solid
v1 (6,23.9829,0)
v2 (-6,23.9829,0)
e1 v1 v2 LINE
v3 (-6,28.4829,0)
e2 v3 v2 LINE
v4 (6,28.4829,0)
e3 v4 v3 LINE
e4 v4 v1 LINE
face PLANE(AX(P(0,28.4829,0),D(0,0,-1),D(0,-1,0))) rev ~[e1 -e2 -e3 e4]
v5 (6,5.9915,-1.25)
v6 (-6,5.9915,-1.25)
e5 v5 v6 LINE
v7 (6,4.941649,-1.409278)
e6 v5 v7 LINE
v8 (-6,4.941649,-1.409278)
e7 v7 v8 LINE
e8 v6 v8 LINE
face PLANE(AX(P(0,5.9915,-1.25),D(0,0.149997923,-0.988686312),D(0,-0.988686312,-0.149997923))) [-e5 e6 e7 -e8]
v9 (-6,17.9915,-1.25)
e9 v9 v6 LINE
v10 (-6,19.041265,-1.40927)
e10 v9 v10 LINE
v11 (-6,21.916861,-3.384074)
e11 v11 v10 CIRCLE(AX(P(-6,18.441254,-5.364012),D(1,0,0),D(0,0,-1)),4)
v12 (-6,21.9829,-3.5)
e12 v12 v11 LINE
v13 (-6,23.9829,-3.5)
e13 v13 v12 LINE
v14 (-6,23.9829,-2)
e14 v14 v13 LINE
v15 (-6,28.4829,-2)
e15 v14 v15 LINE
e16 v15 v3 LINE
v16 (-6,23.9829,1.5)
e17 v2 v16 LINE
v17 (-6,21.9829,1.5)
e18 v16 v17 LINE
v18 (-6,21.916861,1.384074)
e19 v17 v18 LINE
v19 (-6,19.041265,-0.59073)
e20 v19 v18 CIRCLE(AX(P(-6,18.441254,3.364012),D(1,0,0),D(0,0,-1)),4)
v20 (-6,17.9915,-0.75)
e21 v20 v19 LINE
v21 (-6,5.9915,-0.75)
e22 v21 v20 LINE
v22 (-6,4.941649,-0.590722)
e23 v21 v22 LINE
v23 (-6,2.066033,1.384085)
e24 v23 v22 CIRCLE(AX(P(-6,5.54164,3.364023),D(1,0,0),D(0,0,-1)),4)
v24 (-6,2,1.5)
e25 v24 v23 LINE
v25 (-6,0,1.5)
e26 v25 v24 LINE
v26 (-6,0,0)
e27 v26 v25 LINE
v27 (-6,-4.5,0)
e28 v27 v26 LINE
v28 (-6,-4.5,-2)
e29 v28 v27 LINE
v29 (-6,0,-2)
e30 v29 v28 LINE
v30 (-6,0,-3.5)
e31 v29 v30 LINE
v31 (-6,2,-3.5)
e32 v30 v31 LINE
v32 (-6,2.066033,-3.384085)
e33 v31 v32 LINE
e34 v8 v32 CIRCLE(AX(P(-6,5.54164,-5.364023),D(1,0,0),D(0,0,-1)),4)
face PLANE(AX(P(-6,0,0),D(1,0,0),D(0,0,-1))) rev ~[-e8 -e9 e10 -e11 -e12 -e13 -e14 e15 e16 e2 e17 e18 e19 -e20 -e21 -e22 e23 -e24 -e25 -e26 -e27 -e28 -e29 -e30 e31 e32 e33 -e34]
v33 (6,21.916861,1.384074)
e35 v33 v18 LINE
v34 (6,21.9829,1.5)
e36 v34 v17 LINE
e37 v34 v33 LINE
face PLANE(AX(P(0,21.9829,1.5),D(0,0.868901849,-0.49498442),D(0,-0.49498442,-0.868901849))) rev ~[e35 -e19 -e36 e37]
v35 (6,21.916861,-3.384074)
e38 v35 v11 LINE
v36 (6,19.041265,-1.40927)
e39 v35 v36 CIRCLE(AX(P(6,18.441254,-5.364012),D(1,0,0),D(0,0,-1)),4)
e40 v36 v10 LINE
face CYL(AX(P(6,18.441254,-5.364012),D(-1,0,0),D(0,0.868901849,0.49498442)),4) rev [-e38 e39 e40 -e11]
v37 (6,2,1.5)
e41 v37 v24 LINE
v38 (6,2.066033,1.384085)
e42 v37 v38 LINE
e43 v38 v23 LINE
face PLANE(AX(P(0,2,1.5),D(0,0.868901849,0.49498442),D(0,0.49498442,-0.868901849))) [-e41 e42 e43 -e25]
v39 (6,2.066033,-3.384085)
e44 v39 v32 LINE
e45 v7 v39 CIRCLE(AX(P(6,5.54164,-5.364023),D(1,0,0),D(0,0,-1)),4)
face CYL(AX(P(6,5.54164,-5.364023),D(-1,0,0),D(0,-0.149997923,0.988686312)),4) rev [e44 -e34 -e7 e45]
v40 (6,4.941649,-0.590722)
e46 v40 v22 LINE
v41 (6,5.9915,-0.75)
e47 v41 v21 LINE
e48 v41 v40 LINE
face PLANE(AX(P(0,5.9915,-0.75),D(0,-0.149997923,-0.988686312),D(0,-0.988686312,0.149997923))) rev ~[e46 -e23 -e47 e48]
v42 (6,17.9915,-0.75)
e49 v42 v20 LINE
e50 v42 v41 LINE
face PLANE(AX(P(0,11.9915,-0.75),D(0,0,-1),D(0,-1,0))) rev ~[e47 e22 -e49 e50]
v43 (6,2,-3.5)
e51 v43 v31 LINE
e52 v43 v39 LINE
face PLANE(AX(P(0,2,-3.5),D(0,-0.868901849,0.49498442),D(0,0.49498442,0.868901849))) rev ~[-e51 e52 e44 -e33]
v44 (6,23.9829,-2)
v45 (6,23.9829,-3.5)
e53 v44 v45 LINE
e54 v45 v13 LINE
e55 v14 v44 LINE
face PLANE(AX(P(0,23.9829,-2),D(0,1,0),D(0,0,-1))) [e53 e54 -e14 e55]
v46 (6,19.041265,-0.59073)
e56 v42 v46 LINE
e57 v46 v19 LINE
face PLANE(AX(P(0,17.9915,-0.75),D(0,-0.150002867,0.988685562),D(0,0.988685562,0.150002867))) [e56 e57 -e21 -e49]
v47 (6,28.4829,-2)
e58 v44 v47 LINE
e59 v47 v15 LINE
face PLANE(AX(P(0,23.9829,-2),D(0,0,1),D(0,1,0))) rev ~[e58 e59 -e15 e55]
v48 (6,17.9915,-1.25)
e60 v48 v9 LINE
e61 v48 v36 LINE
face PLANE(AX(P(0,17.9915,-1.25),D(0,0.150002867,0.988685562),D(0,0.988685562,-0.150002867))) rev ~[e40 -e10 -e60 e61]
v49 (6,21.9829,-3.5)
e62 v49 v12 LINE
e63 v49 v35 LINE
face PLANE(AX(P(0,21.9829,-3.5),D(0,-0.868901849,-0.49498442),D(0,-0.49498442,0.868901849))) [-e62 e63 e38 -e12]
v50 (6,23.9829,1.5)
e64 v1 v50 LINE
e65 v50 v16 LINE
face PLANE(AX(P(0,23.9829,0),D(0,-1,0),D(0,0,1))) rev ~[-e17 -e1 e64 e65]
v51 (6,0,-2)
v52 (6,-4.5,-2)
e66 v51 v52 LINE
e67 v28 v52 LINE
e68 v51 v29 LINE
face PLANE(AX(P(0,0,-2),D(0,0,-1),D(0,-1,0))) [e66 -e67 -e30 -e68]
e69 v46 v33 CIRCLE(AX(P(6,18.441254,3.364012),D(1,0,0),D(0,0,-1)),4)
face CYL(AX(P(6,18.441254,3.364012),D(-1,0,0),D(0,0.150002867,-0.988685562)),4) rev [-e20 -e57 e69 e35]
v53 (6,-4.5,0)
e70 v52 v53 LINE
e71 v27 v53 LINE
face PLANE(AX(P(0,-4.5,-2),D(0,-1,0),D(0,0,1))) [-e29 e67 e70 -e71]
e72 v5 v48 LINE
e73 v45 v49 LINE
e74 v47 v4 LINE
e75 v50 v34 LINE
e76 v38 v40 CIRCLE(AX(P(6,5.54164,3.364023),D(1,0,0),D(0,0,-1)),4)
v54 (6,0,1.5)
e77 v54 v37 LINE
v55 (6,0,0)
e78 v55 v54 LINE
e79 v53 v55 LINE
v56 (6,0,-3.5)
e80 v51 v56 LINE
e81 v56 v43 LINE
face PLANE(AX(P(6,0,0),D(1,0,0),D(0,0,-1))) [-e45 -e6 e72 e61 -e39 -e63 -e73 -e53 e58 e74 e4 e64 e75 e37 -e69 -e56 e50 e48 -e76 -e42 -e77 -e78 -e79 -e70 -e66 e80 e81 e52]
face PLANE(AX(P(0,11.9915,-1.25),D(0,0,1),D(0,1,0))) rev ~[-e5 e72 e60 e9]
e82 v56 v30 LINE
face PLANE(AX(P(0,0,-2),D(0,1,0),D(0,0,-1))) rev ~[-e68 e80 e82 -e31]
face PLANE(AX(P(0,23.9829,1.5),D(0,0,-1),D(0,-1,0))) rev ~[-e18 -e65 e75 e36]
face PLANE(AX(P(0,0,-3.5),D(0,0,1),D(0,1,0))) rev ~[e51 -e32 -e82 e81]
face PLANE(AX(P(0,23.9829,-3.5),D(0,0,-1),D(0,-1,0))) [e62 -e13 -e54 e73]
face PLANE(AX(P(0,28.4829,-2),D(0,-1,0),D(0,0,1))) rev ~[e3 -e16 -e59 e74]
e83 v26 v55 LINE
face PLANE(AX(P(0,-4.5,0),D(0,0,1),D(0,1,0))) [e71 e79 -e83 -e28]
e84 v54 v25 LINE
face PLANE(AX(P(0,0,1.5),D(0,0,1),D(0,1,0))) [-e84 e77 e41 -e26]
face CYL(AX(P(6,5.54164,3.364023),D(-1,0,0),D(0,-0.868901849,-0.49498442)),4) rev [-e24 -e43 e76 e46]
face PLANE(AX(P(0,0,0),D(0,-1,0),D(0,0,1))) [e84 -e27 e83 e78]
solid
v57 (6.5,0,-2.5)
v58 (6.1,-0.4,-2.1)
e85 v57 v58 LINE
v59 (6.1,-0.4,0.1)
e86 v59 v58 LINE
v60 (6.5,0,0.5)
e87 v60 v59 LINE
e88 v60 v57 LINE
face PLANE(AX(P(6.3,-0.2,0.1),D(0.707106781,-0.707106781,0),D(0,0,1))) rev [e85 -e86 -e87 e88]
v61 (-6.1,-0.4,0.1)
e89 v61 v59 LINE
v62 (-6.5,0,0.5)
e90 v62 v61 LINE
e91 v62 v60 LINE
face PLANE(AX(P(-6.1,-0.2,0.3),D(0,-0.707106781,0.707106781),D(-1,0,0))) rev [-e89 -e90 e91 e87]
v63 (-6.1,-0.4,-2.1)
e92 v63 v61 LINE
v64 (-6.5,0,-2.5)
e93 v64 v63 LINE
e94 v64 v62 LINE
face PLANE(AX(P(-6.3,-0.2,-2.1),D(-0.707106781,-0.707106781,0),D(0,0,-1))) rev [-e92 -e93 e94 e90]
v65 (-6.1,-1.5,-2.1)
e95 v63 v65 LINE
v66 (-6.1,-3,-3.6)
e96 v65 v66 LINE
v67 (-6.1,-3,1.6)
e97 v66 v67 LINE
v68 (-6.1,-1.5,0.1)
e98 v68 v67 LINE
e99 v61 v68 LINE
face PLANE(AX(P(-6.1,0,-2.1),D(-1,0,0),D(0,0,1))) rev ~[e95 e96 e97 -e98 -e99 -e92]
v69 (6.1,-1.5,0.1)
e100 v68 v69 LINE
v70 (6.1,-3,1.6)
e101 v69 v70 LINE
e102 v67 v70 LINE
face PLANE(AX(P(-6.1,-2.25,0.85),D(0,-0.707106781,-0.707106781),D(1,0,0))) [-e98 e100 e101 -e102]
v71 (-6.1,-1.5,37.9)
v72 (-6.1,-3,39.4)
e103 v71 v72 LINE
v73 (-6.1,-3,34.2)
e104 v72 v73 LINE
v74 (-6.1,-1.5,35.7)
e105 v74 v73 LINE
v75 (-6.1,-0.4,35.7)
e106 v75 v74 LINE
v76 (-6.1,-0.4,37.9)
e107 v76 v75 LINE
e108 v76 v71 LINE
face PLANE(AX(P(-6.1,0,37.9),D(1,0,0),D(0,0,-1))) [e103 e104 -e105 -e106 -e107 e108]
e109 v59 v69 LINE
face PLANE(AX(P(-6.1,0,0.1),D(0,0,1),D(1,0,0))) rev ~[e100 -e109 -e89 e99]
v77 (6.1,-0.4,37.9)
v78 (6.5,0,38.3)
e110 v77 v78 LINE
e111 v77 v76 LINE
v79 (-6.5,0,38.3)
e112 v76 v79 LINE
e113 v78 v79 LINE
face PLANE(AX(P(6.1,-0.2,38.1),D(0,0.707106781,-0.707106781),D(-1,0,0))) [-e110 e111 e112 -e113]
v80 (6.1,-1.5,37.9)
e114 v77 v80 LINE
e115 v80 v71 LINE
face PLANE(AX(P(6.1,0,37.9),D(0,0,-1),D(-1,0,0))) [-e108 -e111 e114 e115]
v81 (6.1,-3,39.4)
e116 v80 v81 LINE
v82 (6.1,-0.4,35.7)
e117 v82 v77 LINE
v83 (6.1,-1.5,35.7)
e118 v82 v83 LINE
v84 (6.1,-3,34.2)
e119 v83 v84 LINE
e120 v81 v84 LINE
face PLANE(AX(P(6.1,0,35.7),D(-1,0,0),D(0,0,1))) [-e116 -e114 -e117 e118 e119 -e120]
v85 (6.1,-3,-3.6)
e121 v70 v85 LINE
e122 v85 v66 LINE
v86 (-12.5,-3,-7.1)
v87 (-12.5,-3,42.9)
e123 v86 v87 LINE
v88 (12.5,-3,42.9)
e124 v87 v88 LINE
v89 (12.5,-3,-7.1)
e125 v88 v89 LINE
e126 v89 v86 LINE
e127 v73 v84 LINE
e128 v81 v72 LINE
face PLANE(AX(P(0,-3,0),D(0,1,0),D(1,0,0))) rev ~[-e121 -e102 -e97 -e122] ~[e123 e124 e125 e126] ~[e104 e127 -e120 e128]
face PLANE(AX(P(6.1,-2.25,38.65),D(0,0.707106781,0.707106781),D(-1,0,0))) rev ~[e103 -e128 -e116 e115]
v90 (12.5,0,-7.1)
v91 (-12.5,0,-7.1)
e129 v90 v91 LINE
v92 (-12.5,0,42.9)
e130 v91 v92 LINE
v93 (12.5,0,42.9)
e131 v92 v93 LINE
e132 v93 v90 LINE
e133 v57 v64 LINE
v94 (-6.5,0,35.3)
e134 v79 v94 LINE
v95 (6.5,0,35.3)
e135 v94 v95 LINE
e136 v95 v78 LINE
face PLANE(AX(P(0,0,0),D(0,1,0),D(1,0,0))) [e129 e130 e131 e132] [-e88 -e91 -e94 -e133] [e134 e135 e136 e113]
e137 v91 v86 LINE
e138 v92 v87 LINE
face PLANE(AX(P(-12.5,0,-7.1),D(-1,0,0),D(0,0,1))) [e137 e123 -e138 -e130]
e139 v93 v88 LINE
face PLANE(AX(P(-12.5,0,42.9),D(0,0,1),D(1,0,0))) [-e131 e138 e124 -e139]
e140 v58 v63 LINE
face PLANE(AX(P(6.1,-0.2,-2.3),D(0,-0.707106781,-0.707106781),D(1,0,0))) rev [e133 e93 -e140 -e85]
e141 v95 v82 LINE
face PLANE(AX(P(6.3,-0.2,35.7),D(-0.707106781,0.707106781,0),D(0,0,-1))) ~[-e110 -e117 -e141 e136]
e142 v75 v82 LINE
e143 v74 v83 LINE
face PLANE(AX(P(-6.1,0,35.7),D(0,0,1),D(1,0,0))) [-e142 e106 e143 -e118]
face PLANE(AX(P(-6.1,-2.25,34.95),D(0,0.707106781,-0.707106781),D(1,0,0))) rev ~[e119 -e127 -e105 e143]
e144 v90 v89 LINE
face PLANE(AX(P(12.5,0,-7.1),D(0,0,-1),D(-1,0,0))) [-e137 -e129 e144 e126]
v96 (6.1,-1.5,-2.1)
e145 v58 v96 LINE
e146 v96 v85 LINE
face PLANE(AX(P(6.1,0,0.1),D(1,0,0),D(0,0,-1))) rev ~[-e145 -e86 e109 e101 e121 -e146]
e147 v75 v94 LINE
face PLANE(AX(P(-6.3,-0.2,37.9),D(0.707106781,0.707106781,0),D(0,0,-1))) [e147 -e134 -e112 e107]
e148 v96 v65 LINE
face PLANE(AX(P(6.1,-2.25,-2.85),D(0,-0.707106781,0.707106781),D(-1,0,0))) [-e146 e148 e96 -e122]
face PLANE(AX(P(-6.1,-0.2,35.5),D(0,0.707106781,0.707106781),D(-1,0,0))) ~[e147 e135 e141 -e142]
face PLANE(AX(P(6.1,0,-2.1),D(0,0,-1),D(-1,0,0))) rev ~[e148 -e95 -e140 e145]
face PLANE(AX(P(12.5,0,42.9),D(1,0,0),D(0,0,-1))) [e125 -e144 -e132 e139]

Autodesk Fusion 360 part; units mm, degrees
sketch "Sketch1" plane through (0, 0, 0) normal (1, 0, 0) x (0, 0, -1)
  line L0 (0, 0) -> (2, 0)
  line L1 (2, 0) -> (2, -4.5)
  line L2 (2, -4.5) -> (0, -4.5)
  line L3 (0, -4.5) -> (0, 0)
  line L4 (2, 0) -> (3.5, 0)
  line L5 (1, 0) -> (1, 16.3106) construction
  line L6 (-3.4591, 11.9915) -> (5.8046, 11.9915) construction
  line L7 (1.25, 11.9915) -> (1.25, 5.9915)
  line L8 (1.25, 5.9915) -> (1.7, 3.0254)
  line L9 (3.5, 0) -> (3.5, 2)
  line L10 (3.5, 2) -> (1.7, 3.0254)
  line L11 (0, 0) -> (-1.5, 0)
  line L12 (-1.5, 0) -> (-1.5, 2)
  line L13 (-1.5, 2) -> (0.3, 3.0254)
  line L14 (0.75, 5.9915) -> (0.3, 3.0254)
  line L15 (0.75, 11.9915) -> (0.75, 5.9915)
  line L16 (2, 23.9829) -> (3.5, 23.9829)
  line L17 (0.75, 17.9915) -> (0.3, 20.9575)
  line L18 (1.25, 17.9915) -> (1.7, 20.9575)
  line L19 (0.75, 11.9915) -> (0.75, 17.9915)
  line L20 (3.5, 23.9829) -> (3.5, 21.9829)
  line L21 (1.25, 11.9915) -> (1.25, 17.9915)
  line L22 (2, 23.9829) -> (2, 28.4829)
  line L23 (-1.5, 21.9829) -> (0.3, 20.9575)
  line L24 (0, 28.4829) -> (0, 23.9829)
  line L25 (2, 28.4829) -> (0, 28.4829)
  line L26 (0, 23.9829) -> (-1.5, 23.9829)
  line L27 (-1.5, 23.9829) -> (-1.5, 21.9829)
  line L28 (0, 23.9829) -> (2, 23.9829)
  line L29 (3.5, 21.9829) -> (1.7, 20.9575)
  point P0 (0, 23.9829)
  point P1 (1, 23.9829)
  dimension "d1" = 2
  dimension "d2" = 4.5
  dimension "d3" = 1.5
  dimension "d6" = 6
  dimension "d7" = 3
  dimension "d8" = 0.25
  dimension "d9" = 0.7
  dimension "d10" = 2
  dimension "d24" = 1.0254
extrude "Extrude1" add sketch "Sketch1" along normal mid plane 12 makes body 1
sketch "Sketch2" plane through (0, 0, 0) normal (0, 1, 0) x (1, 0, 0)
  line L0 (-6, 0) -> (6, 0)
  line L1 (6, 0) -> (6, 2)
  line L2 (6, 2) -> (-6, 2)
  line L3 (-6, 2) -> (-6, 0)
  line L4 (6.1, 2.1) -> (-6.1, 2.1)
  line L5 (-6.1, 2.1) -> (-6.1, -0.1)
  line L6 (-6.1, -0.1) -> (6.1, -0.1)
  line L7 (6.1, -0.1) -> (6.1, 2.1)
  line L8 (0, 0) -> (0, -36.4952) construction
  line L9 (12.5, 7.1) -> (-12.5, 7.1)
  line L10 (-12.5, 7.1) -> (-12.5, -42.9)
  line L11 (-12.5, -42.9) -> (12.5, -42.9)
  line L12 (12.5, -42.9) -> (12.5, 7.1)
  line L13 (12.5, 7.1) -> (-12.5, -42.9) construction
  line L14 (-12.5, 7.1) -> (12.5, -42.9) construction
  line L15 (0, -17.9) -> (-15.1957, -17.9) construction
  line L16 (-6.1, -35.7) -> (6.1, -35.7)
  line L17 (6.1, -35.7) -> (6.1, -37.9)
  line L18 (6.1, -37.9) -> (-6.1, -37.9)
  line L19 (-6.1, -37.9) -> (-6.1, -35.7)
  point P0 (0, -17.9)
  dimension "d13" = 0.1
  dimension "d14" = 25
  dimension "d15" = 50
  dimension "d16" = 5
extrude "Extrude2" add sketch "Sketch2" against normal blind 3 separate body contours L9 L10 L11 L12 makes body 2
chamfer "Chamfer1" distance 1.5 angle 45 4 edges at (0, -3, -2.1) (0, -3, 0.1) (0, -3, 35.7) (0, -3, 37.9) on bodies 2
fillet "Fillet1" radius 4 4 edges at (0, 3.0254, -0.3) (0, 3.0254, -1.7) (0, 20.9575, -0.3) (0, 20.9575, -1.7) on bodies 1
chamfer "Chamfer2" distance 0.4 angle 45 8 edges at (0, 0, 37.9) (-6.1, 0, 36.8) (0, 0, 35.7) (6.1, 0, 36.8) (0, 0, 0.1) (0, 0, -2.1) (6.1, 0, -1) (-6.1, 0, -1) on bodies 2
